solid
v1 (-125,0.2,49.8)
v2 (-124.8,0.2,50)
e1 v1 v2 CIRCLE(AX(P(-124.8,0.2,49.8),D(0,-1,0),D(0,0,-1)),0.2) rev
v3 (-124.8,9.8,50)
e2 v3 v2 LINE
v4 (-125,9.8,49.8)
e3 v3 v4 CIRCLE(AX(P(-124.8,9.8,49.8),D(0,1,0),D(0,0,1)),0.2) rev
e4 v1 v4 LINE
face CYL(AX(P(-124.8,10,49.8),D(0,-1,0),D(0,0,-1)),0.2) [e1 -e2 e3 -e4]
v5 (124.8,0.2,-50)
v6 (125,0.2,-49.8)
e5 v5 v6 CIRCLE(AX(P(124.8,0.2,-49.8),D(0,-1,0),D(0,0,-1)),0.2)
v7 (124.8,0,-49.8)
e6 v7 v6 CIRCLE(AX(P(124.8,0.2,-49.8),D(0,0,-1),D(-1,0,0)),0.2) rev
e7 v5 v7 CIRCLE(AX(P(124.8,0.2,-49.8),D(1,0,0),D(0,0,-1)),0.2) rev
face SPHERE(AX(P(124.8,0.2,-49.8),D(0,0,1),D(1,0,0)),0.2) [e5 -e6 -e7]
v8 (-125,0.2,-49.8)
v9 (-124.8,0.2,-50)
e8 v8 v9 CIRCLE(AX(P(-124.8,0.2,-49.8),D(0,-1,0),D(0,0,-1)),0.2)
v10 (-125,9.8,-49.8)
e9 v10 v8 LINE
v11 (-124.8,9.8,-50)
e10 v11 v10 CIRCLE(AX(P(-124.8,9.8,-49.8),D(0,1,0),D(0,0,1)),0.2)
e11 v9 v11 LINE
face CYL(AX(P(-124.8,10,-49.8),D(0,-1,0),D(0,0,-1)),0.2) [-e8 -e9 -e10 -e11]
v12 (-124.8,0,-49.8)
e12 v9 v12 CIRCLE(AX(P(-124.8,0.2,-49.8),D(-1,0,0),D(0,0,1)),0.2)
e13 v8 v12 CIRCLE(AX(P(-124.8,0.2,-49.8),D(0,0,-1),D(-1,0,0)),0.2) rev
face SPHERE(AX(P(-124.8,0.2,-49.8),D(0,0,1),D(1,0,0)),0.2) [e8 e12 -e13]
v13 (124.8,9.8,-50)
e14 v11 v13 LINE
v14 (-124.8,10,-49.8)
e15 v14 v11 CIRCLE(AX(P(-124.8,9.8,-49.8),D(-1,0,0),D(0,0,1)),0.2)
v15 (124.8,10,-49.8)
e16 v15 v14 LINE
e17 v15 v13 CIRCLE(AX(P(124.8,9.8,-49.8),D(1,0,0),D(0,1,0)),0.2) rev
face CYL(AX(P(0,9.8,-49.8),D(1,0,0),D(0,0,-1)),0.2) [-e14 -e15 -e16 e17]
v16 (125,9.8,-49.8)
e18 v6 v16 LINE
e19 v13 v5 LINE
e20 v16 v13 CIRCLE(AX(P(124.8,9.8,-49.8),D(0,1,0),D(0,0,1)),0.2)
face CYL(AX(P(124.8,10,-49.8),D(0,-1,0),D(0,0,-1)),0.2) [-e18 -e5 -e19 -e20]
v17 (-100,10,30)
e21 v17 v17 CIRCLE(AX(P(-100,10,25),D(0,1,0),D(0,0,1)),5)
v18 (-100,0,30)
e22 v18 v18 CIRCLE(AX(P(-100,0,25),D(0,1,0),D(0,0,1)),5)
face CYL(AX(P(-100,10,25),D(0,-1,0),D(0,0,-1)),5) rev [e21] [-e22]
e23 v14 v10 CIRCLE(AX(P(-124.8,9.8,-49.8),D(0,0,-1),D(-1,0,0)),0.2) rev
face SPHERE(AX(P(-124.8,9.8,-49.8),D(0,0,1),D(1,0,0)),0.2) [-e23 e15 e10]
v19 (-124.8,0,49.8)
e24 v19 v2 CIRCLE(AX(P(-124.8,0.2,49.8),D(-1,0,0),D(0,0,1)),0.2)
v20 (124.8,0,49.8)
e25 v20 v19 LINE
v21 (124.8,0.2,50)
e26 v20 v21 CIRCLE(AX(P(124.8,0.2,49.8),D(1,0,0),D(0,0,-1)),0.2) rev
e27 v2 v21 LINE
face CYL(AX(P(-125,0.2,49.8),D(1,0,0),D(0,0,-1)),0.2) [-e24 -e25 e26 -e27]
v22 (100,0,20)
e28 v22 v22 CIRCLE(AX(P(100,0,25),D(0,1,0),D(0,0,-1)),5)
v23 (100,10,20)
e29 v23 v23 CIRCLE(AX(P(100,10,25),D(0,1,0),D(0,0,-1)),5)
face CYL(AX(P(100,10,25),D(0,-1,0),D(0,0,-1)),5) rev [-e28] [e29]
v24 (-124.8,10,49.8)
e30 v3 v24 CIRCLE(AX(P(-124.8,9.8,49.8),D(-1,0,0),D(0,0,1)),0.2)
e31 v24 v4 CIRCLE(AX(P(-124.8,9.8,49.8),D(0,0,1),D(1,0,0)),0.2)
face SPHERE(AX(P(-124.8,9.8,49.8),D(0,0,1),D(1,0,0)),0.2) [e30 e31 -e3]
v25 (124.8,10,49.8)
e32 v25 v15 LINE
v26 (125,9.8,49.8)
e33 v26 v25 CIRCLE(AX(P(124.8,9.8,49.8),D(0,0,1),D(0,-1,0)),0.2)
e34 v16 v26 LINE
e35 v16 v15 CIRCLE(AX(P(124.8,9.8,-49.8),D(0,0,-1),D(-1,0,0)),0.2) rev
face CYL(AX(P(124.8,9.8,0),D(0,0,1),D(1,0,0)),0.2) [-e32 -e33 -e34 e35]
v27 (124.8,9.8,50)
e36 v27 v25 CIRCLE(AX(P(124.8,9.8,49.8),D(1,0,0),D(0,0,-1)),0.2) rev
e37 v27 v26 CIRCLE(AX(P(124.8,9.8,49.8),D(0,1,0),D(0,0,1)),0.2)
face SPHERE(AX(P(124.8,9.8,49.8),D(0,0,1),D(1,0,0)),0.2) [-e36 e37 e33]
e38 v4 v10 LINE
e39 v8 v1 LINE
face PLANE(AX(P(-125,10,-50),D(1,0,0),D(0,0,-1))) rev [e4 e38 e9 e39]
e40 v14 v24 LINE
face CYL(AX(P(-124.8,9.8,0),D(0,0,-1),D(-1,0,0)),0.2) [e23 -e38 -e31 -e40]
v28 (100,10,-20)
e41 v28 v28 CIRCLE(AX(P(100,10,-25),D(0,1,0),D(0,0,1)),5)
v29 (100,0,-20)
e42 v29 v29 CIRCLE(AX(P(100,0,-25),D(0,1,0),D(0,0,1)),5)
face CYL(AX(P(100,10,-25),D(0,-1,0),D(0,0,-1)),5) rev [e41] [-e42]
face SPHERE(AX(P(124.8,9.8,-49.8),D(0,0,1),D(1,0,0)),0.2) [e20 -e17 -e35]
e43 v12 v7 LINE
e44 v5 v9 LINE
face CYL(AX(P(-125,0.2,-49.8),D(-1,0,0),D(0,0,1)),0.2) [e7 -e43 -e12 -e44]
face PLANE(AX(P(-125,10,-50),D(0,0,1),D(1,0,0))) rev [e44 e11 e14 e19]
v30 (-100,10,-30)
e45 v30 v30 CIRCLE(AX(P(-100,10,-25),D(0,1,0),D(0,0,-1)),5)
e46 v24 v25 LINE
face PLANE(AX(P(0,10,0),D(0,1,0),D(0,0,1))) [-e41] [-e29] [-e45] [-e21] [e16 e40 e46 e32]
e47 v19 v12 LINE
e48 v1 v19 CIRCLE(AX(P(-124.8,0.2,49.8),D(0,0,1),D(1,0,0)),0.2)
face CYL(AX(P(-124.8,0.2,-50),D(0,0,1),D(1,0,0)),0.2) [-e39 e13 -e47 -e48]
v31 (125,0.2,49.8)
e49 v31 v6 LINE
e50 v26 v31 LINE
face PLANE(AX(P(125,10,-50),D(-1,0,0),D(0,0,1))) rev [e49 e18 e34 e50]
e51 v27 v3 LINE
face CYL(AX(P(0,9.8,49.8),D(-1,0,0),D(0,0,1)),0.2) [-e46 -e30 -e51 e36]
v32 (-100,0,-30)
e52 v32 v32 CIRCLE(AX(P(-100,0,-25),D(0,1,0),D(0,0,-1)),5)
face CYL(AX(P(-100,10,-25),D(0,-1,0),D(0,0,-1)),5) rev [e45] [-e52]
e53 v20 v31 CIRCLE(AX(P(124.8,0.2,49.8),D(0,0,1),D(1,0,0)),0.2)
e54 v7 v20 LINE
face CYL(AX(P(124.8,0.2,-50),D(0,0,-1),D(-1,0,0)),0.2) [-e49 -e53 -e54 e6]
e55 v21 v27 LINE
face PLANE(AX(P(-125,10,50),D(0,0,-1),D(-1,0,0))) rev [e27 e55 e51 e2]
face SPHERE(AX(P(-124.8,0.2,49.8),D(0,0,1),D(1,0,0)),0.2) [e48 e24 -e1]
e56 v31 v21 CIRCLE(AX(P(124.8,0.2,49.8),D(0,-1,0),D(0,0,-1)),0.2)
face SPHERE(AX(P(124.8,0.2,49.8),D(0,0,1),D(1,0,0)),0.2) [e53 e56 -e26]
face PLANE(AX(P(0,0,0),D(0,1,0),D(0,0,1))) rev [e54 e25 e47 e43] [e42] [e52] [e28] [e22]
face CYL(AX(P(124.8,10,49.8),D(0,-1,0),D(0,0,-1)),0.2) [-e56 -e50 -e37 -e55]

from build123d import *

# Parameters (mm, degrees)
SKETCH1_W           = 250
SKETCH1_H           = 100
SKETCH1_R           = 5
BOSS_EXTRUDE1_DEPTH = 10
FILLET1_R           = 0.2


with BuildPart() as part:
    # Sketch1 → Boss-Extrude1 (new body)
    with BuildSketch(Plane(origin=(0, 0, 0), x_dir=(1, 0, 0), z_dir=(0, 1, 0))):
        Rectangle(SKETCH1_W, SKETCH1_H)
        with Locations(Location((100, 25, 0), (0, 0, 270))):
            Circle(SKETCH1_R, mode=Mode.SUBTRACT)
        with Locations(Location((100, -25, 0), (0, 0, 90))):
            Circle(SKETCH1_R, mode=Mode.SUBTRACT)
        with Locations(Location((-100, -25, 0), (0, 0, 270))):
            Circle(SKETCH1_R, mode=Mode.SUBTRACT)
        with Locations(Location((-100, 25, 0), (0, 0, 90))):
            Circle(SKETCH1_R, mode=Mode.SUBTRACT)
    extrude(amount=BOSS_EXTRUDE1_DEPTH)

    # Fillet1
    fillet1_edges = [part.edges().sort_by_distance(p)[0] for p in [
        (-125, 10, 0),
        (0, 10, 50),
        (125, 10, 0),
        (0, 0, 50),
        (-125, 0, 0),
        (0, 0, -50),
        (125, 0, 0),
        (0, 10, -50),
        (125, 5, 50),
        (-125, 5, 50),
        (-125, 5, -50),
        (125, 5, -50),
    ]]
    fillet(fillet1_edges, radius=FILLET1_R)


solid = part.part
